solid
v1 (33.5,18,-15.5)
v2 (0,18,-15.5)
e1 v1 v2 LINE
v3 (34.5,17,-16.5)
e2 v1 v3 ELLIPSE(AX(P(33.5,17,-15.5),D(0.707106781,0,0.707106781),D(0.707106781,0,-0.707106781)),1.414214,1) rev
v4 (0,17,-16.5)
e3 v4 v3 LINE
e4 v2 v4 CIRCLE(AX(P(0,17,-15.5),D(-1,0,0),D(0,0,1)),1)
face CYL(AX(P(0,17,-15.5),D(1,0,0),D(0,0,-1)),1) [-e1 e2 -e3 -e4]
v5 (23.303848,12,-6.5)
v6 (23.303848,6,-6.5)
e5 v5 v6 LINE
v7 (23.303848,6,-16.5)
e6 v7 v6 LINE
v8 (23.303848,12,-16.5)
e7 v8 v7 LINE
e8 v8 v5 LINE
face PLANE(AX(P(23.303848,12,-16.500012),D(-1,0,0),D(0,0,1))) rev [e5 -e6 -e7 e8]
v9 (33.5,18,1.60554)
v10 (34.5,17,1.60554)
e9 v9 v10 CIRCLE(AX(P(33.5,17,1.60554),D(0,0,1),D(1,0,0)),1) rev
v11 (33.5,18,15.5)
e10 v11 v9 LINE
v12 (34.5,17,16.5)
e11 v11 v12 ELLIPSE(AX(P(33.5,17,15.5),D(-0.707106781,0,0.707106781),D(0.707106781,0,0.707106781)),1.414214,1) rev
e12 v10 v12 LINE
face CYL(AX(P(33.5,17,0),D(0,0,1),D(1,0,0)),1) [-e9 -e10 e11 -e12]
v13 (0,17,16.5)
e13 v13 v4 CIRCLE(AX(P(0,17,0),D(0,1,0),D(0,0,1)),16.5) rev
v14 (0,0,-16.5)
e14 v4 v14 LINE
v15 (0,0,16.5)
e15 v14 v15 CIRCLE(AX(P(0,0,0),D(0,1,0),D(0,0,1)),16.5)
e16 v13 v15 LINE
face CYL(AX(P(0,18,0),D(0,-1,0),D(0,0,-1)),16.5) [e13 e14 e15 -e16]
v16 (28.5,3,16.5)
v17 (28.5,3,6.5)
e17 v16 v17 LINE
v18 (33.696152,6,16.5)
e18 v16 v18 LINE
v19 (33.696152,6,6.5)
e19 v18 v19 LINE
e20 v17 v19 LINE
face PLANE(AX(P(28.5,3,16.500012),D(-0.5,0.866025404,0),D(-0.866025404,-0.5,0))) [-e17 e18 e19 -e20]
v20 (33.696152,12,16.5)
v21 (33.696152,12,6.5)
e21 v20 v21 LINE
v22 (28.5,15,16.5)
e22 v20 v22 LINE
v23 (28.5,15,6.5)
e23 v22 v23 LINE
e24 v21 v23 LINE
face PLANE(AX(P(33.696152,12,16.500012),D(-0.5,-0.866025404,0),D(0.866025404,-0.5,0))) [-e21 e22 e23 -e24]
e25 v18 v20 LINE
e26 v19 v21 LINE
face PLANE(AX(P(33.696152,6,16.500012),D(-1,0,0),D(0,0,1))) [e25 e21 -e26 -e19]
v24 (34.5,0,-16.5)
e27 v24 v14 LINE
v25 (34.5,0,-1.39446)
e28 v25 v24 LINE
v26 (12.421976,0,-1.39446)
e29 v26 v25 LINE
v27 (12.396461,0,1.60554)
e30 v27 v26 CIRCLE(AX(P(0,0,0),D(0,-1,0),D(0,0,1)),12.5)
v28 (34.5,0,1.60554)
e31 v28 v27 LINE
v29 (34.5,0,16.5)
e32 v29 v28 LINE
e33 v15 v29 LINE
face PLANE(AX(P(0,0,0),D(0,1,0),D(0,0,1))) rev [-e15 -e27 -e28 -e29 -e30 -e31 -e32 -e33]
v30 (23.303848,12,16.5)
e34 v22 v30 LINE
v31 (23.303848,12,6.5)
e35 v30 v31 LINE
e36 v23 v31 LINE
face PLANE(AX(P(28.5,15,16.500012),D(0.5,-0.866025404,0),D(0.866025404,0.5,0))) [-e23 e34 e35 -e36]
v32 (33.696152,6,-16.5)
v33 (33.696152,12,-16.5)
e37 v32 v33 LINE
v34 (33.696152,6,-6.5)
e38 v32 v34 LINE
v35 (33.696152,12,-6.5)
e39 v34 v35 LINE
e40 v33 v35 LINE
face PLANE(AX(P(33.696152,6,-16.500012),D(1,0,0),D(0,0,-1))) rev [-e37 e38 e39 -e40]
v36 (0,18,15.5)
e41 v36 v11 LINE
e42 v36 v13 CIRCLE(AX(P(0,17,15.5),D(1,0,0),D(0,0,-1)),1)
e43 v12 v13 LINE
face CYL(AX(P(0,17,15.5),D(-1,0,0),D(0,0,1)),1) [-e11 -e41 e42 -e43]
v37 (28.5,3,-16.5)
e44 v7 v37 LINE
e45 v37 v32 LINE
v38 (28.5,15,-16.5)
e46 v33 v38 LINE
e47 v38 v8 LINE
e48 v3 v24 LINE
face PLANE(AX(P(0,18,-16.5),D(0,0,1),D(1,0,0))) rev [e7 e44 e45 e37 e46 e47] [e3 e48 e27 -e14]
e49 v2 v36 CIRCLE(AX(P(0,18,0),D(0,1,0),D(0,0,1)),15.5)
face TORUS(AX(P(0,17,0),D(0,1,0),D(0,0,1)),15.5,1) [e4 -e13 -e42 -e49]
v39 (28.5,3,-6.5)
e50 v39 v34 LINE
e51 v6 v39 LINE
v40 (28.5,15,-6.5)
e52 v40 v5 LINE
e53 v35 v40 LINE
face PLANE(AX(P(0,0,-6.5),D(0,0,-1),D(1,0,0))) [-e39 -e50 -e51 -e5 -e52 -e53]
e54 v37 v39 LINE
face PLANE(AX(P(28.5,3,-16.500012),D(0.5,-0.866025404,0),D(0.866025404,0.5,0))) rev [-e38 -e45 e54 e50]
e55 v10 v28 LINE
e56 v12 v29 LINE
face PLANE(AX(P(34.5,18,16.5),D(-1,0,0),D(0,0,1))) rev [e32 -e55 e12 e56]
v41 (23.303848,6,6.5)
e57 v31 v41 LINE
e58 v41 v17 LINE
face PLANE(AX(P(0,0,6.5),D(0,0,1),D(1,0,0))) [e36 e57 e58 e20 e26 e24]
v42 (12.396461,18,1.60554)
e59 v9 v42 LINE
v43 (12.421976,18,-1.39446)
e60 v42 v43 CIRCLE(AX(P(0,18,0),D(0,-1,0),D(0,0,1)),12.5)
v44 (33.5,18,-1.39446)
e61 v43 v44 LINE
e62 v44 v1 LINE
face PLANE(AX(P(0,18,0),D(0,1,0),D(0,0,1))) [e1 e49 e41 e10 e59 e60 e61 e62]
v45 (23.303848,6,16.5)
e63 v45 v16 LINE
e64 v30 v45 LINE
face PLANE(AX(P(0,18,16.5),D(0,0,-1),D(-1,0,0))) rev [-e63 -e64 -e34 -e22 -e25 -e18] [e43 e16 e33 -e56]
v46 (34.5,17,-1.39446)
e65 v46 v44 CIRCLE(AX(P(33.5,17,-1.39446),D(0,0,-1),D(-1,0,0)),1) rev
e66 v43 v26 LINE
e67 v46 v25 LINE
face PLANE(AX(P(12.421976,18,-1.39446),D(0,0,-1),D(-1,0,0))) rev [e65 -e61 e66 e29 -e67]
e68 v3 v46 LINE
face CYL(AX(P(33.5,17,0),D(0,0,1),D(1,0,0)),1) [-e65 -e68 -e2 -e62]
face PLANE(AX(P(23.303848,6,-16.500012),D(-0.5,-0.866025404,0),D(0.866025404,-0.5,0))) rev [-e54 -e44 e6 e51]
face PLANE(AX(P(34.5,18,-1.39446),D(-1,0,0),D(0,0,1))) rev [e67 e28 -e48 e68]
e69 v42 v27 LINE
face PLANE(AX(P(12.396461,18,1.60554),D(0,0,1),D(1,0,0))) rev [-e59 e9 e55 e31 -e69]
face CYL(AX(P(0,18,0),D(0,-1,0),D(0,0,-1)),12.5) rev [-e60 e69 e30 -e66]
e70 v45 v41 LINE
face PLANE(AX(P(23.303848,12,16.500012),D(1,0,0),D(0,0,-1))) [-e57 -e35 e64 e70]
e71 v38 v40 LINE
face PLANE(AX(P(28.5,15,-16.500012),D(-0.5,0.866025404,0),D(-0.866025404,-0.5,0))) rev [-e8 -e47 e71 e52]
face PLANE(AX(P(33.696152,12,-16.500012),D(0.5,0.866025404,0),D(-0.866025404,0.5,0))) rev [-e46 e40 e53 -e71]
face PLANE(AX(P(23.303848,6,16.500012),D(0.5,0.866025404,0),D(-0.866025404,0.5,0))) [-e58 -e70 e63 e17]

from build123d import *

# Parameters (mm, degrees)
BOSS_EXTRUDE1_DEPTH = 18
FILLET1_R           = 1
CUT_EXTRUDE1_START  = -10
CUT_EXTRUDE1_DEPTH  = 62.022054055


with BuildPart() as part:
    # Sketch1 → Boss-Extrude1 (new body)
    with BuildSketch(Plane(origin=(0, 0, 0), x_dir=(1, 0, 0), z_dir=(0, 1, 0))):
        with BuildLine():
            Line((0, -16.5), (34.5, -16.5))
            Line((34.5, -16.5), (34.5, -1.605540399))
            Line((34.5, -1.605540399), (12.396460786, -1.605540399))
            ThreePointArc((12.396460786, -1.605540399), (-12.499547931, 0.106308653), (12.421975786, 1.394459601))
            Line((12.421975786, 1.394459601), (34.5, 1.394459601))
            Line((34.5, 1.394459601), (34.5, 16.5))
            Line((34.5, 16.5), (0, 16.5))
            ThreePointArc((0, 16.5), (-16.5, 0), (0, -16.5))
        make_face()
    extrude(amount=BOSS_EXTRUDE1_DEPTH)

    # Fillet1
    fillet1_edges = [part.edges().sort_by_distance(p)[0] for p in [
        (17.25, 18, -16.5),
        (-16.5, 18, 0),
        (17.25, 18, 16.5),
        (34.5, 18, 9.0527702),
        (34.5, 18, -8.9472298),
    ]]
    fillet(fillet1_edges, radius=FILLET1_R)

    # Sketch2 → Cut-Extrude1 (cut)
    with BuildSketch(Plane.XY.offset(16.5).offset(CUT_EXTRUDE1_START)):
        Polygon((28.5, 15), (23.303847577, 12), (23.303847577, 6), (28.5, 3), (33.696152423, 6), (33.696152423, 12), align=None)
    cut_extrude1 = extrude(amount=CUT_EXTRUDE1_DEPTH, mode=Mode.SUBTRACT)

    # Mirror1: Cut-Extrude1 across plane
    add(cut_extrude1.mirror(Plane.XY), mode=Mode.SUBTRACT)


solid = part.part
